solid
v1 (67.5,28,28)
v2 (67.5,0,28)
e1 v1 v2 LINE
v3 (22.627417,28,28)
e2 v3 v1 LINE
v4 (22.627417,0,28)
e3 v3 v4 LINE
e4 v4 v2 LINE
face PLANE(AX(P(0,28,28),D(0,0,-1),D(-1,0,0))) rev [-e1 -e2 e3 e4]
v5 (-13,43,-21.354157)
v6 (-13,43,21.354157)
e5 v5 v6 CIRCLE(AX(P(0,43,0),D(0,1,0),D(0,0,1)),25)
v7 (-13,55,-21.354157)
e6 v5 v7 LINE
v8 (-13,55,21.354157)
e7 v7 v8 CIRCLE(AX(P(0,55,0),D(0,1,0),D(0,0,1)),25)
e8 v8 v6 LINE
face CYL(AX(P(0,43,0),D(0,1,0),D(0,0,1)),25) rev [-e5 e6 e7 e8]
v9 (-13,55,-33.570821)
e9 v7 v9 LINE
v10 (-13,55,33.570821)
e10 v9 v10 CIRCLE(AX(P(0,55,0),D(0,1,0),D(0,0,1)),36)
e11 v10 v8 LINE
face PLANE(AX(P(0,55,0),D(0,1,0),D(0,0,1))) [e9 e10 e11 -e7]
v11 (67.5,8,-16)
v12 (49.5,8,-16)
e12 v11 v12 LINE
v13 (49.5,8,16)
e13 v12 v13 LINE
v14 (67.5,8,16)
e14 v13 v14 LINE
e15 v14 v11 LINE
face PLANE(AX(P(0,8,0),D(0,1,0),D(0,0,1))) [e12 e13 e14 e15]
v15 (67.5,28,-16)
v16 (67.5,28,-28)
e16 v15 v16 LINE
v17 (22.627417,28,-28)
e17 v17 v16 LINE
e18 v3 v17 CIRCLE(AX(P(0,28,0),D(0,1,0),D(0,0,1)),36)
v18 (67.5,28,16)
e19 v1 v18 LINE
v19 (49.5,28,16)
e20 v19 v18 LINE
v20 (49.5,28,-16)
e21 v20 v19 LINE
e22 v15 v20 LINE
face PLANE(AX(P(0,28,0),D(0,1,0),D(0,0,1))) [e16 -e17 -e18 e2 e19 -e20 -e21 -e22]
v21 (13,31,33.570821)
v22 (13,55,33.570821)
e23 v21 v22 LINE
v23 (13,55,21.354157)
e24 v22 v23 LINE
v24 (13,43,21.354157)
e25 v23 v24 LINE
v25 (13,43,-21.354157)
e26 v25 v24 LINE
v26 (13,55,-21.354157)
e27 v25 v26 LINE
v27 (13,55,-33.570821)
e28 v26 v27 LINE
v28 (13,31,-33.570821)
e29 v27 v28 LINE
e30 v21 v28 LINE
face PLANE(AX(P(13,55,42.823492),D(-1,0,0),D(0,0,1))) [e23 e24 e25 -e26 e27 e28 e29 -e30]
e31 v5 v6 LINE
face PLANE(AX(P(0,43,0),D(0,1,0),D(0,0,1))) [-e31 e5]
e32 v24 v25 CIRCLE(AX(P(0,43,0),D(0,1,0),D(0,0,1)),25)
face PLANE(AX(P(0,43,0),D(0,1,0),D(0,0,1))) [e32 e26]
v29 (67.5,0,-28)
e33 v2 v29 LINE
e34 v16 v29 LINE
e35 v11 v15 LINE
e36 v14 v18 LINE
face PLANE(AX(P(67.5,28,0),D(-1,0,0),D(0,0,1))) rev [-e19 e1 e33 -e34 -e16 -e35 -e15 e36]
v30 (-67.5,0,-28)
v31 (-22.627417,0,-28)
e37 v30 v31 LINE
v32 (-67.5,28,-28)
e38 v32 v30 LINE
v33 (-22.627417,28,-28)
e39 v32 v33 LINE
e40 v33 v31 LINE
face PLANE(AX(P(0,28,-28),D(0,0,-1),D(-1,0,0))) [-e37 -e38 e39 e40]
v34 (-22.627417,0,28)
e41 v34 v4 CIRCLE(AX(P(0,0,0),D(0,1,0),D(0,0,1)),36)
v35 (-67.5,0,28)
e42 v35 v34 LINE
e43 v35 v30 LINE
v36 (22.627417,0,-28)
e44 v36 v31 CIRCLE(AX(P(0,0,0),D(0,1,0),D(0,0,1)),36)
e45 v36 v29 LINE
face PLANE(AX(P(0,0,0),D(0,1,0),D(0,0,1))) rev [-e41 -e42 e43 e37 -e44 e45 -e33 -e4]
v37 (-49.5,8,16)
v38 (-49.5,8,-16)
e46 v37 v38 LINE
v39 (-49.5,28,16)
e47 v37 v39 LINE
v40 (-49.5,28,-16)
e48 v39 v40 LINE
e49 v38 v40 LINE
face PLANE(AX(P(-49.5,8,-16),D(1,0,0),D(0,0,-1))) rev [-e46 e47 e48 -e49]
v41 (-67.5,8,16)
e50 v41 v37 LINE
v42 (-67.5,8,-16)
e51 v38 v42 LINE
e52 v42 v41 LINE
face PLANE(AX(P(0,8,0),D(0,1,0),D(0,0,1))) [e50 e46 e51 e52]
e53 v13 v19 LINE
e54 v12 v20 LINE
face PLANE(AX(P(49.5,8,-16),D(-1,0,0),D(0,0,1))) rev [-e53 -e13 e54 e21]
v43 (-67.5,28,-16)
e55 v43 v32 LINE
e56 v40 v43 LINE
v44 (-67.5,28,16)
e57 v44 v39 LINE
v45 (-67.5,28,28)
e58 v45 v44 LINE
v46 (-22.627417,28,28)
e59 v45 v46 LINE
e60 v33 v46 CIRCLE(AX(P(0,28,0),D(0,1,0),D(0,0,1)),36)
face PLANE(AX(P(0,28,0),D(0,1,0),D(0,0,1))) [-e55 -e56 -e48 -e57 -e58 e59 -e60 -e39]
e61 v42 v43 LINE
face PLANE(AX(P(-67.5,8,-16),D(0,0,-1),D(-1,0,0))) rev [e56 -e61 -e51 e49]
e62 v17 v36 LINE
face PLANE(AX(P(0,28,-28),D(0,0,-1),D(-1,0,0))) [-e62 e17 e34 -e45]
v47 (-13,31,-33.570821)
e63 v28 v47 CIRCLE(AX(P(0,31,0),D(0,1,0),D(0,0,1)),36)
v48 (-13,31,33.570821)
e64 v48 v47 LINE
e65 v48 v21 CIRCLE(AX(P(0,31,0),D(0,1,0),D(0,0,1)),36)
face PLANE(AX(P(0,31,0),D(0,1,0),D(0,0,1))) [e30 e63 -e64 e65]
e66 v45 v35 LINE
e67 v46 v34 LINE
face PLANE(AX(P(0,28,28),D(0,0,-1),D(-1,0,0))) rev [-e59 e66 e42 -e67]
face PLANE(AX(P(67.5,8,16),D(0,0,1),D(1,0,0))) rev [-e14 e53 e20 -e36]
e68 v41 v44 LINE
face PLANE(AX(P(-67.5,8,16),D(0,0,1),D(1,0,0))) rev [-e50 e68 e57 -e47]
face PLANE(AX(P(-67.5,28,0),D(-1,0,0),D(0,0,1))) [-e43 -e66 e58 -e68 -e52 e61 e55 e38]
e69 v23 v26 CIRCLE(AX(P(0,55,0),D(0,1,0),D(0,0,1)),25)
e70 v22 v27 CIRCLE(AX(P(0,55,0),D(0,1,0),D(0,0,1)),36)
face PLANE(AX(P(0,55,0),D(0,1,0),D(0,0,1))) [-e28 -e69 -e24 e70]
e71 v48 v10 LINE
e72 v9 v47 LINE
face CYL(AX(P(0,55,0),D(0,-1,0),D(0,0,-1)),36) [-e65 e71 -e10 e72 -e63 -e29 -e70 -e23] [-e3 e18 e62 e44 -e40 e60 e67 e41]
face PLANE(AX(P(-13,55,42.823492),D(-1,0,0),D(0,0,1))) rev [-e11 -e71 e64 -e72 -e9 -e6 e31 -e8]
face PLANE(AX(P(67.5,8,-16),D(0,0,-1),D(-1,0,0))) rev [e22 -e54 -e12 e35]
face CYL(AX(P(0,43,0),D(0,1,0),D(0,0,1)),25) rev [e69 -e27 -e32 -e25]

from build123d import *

# Parameters (mm, degrees)
BOSS_EXTRUDE1_DEPTH   = 28
BOSS_EXTRUDE1_2_DEPTH = 28
SKETCH1_3_R           = 36
BOSS_EXTRUDE2_DEPTH   = 55
CUT_EXTRUDE1_START    = 55
SKETCH1_4_R           = 25
CUT_EXTRUDE1_DEPTH    = 12
CUT_EXTRUDE2_START    = 31
SKETCH1_5_W           = 26
SKETCH1_5_H           = 85.646984924
CUT_EXTRUDE2_DEPTH    = 64.21915941
SKETCH2_W             = 18
SKETCH2_H             = 32
CUT_EXTRUDE3_DEPTH    = 20


with BuildPart() as part:
    # Sketch1 → Boss-Extrude1 (new body)
    with BuildSketch(Plane(origin=(0, 0, 0), x_dir=(1, 0, 0), z_dir=(0, 1, 0))):
        with BuildLine():
            Line((-67.5, 28), (-67.5, -28))
            Line((-67.5, -28), (-22.627416998, -28))
            ThreePointArc((-22.627416998, -28), (-36, 0), (-22.627416998, 28))
            Line((-22.627416998, 28), (-67.5, 28))
        make_face()
    extrude(amount=BOSS_EXTRUDE1_DEPTH)



with BuildPart() as body_2:
    # Sketch1 → Boss-Extrude1 2 (new body)
    with BuildSketch(Plane(origin=(0, 0, 0), x_dir=(1, 0, 0), z_dir=(0, 1, 0))):
        with BuildLine():
            ThreePointArc((22.627416998, 28), (36, 0), (22.627416998, -28))
            Line((22.627416998, -28), (67.5, -28))
            Line((67.5, -28), (67.5, 28))
            Line((67.5, 28), (22.627416998, 28))
        make_face()
    extrude(amount=BOSS_EXTRUDE1_2_DEPTH)


with BuildPart() as part_1:
    add(part.part)

    add(body_2.part)  # Boss-Extrude2 merges body 2
    # Sketch1<3> → Boss-Extrude2 (add)
    with BuildSketch(Plane(origin=(0, 0, 0), x_dir=(1, 0, 0), z_dir=(0, 1, 0))):
        Circle(SKETCH1_3_R)
    extrude(amount=BOSS_EXTRUDE2_DEPTH)

    # Sketch1<4> → Cut-Extrude1 (cut)
    with BuildSketch(Plane(origin=(0, 0, 0), x_dir=(1, 0, 0), z_dir=(0, 1, 0)).offset(CUT_EXTRUDE1_START)):
        Circle(SKETCH1_4_R)
    extrude(amount=-CUT_EXTRUDE1_DEPTH, mode=Mode.SUBTRACT)

    # Sketch1<5> → Cut-Extrude2 (cut, through all)
    with BuildSketch(Plane(origin=(0, 0, 0), x_dir=(1, 0, 0), z_dir=(0, 1, 0)).offset(CUT_EXTRUDE2_START)):
        Rectangle(SKETCH1_5_W, SKETCH1_5_H)
    extrude(amount=CUT_EXTRUDE2_DEPTH, mode=Mode.SUBTRACT)

    # Sketch2 → Cut-Extrude3 (cut)
    with BuildSketch(Plane(origin=(0, 28, 0), x_dir=(1, 0, 0), z_dir=(0, 1, 0))):
        with Locations((-58.5, 0)):
            Rectangle(SKETCH2_W, SKETCH2_H)
        with Locations((58.5, 0)):
            Rectangle(SKETCH2_W, SKETCH2_H)
    extrude(amount=-CUT_EXTRUDE3_DEPTH, mode=Mode.SUBTRACT)


solid = part_1.part
